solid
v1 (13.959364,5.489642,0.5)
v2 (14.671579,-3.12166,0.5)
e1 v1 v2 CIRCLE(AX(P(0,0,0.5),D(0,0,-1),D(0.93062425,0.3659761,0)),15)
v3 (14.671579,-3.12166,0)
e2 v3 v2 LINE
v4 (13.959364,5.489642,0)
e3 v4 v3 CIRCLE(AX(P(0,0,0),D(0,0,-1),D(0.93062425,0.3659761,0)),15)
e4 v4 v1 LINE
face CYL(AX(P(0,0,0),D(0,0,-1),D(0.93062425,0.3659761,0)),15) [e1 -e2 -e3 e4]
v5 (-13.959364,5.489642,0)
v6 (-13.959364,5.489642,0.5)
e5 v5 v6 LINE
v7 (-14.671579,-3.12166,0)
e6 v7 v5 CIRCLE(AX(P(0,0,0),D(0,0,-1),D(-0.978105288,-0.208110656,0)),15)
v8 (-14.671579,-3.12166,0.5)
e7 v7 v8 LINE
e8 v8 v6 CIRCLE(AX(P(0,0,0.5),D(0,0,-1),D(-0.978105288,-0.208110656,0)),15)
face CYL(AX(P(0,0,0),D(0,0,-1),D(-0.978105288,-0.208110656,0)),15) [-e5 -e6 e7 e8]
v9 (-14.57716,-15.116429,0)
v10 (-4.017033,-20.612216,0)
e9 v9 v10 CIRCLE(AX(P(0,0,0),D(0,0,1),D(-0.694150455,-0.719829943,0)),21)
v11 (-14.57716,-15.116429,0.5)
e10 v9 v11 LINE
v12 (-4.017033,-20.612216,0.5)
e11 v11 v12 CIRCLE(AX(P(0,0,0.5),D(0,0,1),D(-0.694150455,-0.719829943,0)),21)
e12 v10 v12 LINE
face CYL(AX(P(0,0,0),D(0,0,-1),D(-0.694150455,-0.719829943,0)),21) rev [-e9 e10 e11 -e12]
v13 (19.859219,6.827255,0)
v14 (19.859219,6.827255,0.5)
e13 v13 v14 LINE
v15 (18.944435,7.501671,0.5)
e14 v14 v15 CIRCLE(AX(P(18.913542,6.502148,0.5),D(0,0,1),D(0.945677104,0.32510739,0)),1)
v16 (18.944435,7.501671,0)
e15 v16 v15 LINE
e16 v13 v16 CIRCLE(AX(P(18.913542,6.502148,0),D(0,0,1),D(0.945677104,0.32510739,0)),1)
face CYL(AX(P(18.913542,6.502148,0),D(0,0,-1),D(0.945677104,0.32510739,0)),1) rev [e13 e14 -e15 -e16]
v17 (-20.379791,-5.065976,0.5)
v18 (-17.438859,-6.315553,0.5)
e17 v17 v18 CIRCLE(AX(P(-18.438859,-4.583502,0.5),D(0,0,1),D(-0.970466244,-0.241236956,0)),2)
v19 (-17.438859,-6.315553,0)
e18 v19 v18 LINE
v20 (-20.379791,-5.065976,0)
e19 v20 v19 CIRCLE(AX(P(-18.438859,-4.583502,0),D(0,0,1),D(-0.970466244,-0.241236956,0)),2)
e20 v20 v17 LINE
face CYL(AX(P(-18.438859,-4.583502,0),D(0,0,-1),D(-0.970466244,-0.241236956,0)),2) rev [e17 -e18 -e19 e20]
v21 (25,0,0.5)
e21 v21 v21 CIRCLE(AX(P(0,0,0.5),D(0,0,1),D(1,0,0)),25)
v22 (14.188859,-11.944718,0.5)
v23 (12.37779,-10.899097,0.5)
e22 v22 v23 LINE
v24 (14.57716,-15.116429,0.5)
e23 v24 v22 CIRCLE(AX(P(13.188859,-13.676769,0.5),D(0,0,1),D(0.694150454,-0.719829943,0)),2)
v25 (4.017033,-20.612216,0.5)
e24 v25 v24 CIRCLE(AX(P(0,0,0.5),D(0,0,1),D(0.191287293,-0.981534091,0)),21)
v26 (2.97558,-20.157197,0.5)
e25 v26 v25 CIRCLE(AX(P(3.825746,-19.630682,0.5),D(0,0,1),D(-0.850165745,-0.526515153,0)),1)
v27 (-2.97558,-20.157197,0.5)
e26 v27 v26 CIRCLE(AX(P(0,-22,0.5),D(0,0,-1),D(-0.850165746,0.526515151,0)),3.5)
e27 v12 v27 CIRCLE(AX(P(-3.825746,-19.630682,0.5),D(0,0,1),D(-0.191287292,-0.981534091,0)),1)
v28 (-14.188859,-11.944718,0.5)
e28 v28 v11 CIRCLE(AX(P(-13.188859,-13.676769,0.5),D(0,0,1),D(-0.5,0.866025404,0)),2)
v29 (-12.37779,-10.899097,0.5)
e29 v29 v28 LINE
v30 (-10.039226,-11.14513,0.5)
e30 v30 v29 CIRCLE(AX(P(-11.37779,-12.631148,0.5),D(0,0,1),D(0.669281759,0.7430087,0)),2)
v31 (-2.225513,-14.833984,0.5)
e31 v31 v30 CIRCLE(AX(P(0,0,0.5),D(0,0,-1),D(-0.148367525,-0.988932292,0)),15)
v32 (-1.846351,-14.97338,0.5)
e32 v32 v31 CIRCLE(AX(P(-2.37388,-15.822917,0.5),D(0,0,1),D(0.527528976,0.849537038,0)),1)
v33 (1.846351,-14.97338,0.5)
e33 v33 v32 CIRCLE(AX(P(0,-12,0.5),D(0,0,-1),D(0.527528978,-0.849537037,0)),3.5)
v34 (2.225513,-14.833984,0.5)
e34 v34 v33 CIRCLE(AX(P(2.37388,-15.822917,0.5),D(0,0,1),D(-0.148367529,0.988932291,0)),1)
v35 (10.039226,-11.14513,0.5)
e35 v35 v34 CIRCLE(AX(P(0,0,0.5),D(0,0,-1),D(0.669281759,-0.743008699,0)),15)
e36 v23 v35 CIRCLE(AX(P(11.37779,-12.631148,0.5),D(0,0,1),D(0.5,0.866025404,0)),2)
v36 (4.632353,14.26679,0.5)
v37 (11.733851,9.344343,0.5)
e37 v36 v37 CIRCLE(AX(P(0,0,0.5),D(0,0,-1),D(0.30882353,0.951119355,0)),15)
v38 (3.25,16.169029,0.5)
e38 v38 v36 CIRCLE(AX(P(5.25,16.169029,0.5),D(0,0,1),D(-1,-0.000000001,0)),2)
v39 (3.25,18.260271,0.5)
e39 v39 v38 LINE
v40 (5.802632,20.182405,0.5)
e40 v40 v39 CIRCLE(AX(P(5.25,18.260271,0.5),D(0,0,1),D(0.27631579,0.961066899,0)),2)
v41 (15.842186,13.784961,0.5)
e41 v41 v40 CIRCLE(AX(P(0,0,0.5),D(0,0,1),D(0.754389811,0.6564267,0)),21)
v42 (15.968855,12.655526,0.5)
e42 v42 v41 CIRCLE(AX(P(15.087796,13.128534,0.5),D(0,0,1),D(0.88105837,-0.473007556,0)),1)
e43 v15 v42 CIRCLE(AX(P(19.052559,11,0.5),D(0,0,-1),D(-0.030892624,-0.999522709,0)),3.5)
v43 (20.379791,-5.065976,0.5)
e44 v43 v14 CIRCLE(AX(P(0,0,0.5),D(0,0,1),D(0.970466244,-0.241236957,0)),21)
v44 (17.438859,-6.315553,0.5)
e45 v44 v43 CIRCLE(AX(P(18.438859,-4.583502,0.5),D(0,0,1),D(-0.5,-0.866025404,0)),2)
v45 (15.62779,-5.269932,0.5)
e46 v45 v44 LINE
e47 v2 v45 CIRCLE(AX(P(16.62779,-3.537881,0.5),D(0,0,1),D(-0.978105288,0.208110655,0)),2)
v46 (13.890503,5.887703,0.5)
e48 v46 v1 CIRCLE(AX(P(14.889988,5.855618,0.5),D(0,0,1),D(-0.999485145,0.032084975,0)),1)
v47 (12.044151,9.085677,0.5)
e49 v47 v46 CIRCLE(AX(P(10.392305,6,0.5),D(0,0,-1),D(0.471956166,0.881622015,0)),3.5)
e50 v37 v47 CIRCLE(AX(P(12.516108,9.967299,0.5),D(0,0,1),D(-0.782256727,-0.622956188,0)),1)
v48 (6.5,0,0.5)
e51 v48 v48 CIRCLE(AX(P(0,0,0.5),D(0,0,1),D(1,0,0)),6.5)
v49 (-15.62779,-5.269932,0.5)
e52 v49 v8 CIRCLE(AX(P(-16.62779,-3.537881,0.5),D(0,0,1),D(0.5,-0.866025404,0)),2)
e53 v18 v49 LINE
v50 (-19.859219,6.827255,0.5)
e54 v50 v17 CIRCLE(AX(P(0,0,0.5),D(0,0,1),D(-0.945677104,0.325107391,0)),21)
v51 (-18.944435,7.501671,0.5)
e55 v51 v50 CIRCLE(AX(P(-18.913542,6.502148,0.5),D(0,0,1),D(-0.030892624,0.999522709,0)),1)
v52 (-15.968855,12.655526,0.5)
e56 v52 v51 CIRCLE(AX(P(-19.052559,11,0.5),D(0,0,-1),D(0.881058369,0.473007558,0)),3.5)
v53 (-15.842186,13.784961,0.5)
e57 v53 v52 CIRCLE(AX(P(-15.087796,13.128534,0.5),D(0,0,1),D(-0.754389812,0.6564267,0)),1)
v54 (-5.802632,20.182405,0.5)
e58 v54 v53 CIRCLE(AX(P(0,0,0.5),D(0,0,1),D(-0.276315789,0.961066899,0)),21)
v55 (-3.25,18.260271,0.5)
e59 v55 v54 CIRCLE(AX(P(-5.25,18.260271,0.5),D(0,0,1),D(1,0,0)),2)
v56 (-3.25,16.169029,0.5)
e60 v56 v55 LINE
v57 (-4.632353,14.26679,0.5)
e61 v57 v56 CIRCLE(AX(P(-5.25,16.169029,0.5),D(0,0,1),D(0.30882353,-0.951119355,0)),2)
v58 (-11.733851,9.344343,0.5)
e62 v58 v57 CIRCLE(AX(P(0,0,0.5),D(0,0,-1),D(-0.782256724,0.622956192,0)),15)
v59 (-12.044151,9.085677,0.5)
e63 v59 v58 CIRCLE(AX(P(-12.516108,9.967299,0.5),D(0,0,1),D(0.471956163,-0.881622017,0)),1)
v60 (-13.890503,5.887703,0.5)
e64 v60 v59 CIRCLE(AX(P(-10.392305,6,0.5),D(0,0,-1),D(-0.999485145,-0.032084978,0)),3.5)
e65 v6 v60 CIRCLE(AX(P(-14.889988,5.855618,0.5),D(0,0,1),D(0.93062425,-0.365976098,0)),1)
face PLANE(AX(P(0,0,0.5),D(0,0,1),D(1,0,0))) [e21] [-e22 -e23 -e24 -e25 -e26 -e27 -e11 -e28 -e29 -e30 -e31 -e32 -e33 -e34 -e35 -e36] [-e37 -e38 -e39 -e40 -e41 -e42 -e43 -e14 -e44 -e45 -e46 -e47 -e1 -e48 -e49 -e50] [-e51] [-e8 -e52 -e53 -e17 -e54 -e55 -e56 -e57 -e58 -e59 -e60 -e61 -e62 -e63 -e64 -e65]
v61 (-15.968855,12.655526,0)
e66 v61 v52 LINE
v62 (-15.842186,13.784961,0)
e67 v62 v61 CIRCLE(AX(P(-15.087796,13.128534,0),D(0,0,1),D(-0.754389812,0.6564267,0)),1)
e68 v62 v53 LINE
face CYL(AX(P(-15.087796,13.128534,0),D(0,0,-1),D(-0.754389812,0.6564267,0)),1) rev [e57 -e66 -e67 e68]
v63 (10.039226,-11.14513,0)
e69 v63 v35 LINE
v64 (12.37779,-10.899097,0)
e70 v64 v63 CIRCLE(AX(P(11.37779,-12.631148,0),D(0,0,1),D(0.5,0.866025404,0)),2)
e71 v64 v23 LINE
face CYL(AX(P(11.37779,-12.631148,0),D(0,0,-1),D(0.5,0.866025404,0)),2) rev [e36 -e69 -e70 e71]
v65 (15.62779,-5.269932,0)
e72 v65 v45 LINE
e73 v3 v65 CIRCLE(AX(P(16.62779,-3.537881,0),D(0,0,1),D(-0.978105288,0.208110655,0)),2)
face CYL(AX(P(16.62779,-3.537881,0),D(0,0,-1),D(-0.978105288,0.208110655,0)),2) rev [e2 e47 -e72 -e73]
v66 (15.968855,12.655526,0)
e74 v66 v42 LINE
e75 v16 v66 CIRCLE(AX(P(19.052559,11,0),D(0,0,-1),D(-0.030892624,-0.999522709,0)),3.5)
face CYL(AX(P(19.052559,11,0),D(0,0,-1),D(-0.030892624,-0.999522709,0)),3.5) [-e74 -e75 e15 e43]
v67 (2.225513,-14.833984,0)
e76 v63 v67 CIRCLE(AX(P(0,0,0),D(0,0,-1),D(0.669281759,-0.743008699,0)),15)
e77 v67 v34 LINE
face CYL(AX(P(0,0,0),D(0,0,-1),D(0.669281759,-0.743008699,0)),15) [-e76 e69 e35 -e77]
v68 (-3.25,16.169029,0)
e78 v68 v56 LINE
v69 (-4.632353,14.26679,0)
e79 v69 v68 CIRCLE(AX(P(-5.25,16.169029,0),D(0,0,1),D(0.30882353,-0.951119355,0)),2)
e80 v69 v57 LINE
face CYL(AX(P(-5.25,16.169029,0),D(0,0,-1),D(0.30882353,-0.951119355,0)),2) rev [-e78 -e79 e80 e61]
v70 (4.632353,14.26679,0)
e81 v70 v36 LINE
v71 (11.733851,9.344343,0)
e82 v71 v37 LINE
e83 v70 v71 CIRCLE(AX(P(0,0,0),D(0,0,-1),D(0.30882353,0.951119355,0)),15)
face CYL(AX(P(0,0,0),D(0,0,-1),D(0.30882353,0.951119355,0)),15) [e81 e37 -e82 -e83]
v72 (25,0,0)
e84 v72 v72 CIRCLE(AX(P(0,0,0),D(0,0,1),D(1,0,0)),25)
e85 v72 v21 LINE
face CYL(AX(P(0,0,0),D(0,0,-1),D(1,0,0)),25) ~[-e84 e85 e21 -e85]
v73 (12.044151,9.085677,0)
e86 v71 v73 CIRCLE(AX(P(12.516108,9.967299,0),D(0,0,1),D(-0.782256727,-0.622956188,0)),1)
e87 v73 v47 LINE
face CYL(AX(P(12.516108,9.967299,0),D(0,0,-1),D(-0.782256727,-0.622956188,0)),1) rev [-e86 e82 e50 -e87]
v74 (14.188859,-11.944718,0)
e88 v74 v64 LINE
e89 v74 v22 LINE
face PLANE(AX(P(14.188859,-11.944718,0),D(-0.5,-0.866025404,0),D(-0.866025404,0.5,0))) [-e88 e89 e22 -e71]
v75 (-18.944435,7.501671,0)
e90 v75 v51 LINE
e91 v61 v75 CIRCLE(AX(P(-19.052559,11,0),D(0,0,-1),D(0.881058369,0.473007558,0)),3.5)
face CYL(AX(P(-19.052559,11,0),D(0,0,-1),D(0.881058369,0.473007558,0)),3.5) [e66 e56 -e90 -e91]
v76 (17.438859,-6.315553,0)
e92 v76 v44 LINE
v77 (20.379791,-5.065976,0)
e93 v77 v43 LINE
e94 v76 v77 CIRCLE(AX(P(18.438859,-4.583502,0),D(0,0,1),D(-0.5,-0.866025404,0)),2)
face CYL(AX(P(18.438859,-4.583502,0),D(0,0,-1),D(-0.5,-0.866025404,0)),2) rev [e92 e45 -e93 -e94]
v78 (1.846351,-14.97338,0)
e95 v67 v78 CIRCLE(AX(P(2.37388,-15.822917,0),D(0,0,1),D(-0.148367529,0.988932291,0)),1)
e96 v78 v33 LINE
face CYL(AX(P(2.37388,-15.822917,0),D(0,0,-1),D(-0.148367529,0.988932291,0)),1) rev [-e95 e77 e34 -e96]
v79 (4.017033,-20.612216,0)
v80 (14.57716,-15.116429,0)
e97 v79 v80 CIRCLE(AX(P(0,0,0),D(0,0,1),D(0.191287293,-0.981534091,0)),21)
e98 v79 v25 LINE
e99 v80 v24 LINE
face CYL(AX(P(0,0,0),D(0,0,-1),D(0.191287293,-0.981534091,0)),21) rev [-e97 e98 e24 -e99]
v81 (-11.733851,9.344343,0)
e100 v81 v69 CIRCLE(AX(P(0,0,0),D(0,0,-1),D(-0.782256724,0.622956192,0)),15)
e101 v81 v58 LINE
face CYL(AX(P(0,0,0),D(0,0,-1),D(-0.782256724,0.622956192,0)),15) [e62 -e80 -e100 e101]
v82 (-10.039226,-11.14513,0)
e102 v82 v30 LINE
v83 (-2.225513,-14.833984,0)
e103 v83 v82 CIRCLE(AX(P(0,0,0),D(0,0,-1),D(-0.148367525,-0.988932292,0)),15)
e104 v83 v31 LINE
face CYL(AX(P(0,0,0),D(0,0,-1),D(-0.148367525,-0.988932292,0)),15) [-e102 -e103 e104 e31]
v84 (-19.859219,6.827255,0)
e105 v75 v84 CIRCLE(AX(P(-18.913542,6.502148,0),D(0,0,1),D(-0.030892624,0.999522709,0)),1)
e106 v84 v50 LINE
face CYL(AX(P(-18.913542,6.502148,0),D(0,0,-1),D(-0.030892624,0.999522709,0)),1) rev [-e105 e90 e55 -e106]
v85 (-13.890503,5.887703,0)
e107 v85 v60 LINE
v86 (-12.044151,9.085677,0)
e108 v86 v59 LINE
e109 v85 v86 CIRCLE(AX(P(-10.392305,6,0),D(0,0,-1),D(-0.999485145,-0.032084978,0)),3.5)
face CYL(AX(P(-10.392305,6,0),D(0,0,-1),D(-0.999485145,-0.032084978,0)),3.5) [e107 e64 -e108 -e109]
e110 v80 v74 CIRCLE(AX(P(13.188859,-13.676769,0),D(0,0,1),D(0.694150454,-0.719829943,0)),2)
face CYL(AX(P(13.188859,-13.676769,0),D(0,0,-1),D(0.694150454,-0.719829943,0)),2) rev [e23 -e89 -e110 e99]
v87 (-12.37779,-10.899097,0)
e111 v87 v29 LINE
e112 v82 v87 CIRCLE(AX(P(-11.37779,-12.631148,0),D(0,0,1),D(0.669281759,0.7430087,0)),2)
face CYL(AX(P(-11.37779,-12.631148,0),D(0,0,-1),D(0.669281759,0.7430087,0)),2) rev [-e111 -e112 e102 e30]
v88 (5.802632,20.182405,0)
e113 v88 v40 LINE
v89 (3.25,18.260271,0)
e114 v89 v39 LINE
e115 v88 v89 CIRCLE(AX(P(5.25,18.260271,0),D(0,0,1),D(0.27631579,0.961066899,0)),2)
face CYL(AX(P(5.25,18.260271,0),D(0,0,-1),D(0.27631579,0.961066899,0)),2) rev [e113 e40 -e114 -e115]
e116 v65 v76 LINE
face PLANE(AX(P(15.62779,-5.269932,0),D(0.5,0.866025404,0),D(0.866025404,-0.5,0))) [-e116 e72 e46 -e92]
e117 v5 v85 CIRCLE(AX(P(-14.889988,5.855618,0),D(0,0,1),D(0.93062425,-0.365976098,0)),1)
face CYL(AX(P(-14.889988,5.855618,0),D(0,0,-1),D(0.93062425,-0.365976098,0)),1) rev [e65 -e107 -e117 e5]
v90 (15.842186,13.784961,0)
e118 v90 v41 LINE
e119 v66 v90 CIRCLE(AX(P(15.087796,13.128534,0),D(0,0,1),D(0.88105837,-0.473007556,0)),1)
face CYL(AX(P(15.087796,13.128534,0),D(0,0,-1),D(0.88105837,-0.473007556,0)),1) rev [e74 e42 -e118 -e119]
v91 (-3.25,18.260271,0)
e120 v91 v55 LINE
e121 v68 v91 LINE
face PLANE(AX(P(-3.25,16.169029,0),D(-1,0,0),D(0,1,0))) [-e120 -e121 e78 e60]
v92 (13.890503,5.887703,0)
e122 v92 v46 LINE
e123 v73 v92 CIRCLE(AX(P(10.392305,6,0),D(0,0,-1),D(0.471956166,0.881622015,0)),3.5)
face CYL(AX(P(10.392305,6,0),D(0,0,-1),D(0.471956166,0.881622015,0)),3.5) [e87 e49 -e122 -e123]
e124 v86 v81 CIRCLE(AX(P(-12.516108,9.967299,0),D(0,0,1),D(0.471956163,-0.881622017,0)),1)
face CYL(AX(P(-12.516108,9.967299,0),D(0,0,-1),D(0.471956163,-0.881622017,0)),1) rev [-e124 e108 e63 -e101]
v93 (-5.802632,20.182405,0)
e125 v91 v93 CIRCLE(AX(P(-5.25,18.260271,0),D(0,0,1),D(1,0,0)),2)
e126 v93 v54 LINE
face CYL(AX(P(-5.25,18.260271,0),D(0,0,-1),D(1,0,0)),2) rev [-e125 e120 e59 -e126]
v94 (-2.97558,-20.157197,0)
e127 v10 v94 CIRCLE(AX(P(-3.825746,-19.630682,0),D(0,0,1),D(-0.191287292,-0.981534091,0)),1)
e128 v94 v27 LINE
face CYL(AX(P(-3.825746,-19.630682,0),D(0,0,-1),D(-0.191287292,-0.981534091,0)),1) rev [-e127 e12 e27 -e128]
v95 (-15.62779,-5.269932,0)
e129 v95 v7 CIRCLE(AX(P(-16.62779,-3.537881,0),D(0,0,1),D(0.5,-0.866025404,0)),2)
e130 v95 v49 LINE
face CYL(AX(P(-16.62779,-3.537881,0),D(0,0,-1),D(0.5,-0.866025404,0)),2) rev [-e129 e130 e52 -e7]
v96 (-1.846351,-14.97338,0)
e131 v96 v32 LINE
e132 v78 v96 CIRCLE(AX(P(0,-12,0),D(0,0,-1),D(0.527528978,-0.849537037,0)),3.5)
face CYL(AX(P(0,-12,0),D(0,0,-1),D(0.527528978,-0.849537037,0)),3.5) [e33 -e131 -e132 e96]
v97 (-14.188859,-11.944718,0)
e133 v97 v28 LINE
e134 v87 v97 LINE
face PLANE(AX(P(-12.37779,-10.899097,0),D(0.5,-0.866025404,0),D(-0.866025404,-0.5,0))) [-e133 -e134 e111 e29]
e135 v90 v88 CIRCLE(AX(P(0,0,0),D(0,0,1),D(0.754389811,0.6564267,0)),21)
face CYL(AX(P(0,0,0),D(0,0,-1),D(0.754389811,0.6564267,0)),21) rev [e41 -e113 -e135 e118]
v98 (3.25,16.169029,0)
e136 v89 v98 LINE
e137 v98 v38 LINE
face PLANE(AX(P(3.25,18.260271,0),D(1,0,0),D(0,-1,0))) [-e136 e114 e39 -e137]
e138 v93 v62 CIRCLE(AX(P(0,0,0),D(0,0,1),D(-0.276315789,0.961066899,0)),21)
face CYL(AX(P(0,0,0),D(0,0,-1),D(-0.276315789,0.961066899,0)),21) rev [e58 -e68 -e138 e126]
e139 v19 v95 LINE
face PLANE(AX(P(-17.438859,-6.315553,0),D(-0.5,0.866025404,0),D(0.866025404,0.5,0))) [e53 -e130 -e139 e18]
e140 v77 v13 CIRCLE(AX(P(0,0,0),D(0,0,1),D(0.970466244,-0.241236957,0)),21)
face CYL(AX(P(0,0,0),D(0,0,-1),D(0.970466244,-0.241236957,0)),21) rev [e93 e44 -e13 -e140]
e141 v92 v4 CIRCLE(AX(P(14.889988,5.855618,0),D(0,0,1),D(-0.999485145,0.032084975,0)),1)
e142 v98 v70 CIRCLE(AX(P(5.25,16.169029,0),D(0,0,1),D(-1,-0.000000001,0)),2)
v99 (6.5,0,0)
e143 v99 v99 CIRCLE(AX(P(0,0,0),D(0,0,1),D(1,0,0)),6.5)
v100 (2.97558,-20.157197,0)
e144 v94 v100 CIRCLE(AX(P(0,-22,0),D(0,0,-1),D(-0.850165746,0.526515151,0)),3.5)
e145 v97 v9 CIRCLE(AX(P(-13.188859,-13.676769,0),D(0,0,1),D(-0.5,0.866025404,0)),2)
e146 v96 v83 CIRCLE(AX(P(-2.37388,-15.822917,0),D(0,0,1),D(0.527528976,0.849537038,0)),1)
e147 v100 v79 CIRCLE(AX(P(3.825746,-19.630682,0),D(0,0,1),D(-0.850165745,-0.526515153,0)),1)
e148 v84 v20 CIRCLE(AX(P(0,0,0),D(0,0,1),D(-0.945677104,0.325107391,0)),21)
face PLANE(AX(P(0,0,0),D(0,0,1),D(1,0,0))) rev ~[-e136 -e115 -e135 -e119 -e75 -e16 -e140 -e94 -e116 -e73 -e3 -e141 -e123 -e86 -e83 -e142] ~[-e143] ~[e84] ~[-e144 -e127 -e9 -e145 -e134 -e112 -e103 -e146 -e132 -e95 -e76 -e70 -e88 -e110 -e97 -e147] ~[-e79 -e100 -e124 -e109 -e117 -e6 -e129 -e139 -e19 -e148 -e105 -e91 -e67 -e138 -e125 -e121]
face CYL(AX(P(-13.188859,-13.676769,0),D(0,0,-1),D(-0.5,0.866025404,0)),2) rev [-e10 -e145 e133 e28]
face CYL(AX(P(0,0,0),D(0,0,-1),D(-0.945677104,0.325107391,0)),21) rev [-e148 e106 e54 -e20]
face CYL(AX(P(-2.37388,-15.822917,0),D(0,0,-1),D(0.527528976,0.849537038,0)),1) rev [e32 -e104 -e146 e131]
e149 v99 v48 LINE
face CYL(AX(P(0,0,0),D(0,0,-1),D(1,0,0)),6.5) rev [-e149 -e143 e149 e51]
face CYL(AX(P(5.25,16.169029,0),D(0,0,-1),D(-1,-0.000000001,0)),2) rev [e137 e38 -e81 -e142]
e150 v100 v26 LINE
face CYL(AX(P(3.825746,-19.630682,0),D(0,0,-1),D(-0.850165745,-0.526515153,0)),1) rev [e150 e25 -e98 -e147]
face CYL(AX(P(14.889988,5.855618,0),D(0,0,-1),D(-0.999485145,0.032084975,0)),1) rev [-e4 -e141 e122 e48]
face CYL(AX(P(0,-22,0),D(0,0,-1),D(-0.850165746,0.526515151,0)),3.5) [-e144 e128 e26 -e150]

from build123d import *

# Parameters (mm, degrees)
ESQUISSE1_R          = 25
ESQUISSE1_R_2        = 6.5
BASE_EXTRUSION_DEPTH = 0.5


with BuildPart() as part:
    # Esquisse1 → Base-Extrusion (new body)
    with BuildSketch(Plane.XY):
        Circle(ESQUISSE1_R)
        Circle(ESQUISSE1_R_2, mode=Mode.SUBTRACT)
        with BuildLine():
            Line((15.627789901, -5.269931956), (17.438858637, -6.315552979))
            ThreePointArc((17.438858637, -6.315552979), (19.22097058, -6.424235968), (20.379791125, -5.065976084))
            ThreePointArc((20.379791125, -5.065976084), (20.979912421, 0.918299961), (19.85921918, 6.8272552))
            ThreePointArc((19.85921918, 6.8272552), (19.506948441, 7.307050839), (18.9444347, 7.501670519))
            ThreePointArc((18.9444347, 7.501670519), (16.02146997, 9.25), (15.96885459, 12.655526451))
            ThreePointArc((15.96885459, 12.655526451), (16.081565873, 13.239987481), (15.842186031, 13.784960709))
            ThreePointArc((15.842186031, 13.784960709), (11.285227305, 17.709987145), (5.802631579, 20.18240488))
            ThreePointArc((5.802631579, 20.18240488), (4.046933742, 19.857966791), (3.25, 18.260271082))
            Line((3.25, 18.260271082), (3.25, 16.169029037))
            ThreePointArc((3.25, 16.169029037), (3.632085584, 14.993293973), (4.632352941, 14.266790327))
            ThreePointArc((4.632352941, 14.266790327), (8.545219659, 12.327985276), (11.73385087, 9.344342875))
            ThreePointArc((11.73385087, 9.344342875), (11.875803373, 9.199177654), (12.044151428, 9.085677052))
            ThreePointArc((12.044151428, 9.085677052), (13.423393759, 7.75), (13.890502851, 5.887702578))
            ThreePointArc((13.890502851, 5.887702578), (13.904623229, 5.685158584), (13.959363746, 5.4896415))
            ThreePointArc((13.959363746, 5.4896415), (14.948958256, 1.236384668), (14.671579324, -3.121659837))
            ThreePointArc((14.671579324, -3.121659837), (14.800616259, -4.351168602), (15.627789901, -5.269931956))
        make_face(mode=Mode.SUBTRACT)
        with BuildLine():
            Line((-12.377789901, -10.899097081), (-14.188858637, -11.944718103))
            ThreePointArc((-14.188858637, -11.944718103), (-15.174036838, -13.433730824), (-14.577159546, -15.116428796))
            ThreePointArc((-14.577159546, -15.116428796), (-9.694685116, -18.628287106), (-4.017033149, -20.612215909))
            ThreePointArc((-4.017033149, -20.612215909), (-3.425382567, -20.547038319), (-2.97558011, -20.15719697))
            ThreePointArc((-2.97558011, -20.15719697), (0, -18.5), (2.97558011, -20.15719697))
            ThreePointArc((2.97558011, -20.15719697), (3.425382567, -20.547038319), (4.017033149, -20.612215909))
            ThreePointArc((4.017033149, -20.612215909), (9.694685116, -18.628287106), (14.577159546, -15.116428796))
            ThreePointArc((14.577159546, -15.116428796), (15.174036838, -13.433730824), (14.188858637, -11.944718103))
            Line((14.188858637, -11.944718103), (12.377789901, -10.899097081))
            ThreePointArc((12.377789901, -10.899097081), (11.168530675, -10.642125371), (10.039226383, -11.14513049))
            ThreePointArc((10.039226383, -11.14513049), (6.403738597, -13.564369944), (2.225512876, -14.833984375))
            ThreePointArc((2.225512876, -14.833984375), (2.028819856, -14.884336239), (1.846351423, -14.97337963))
            ThreePointArc((1.846351423, -14.97337963), (0, -15.5), (-1.846351423, -14.97337963))
            ThreePointArc((-1.846351423, -14.97337963), (-2.028819856, -14.884336239), (-2.225512876, -14.833984375))
            ThreePointArc((-2.225512876, -14.833984375), (-6.403738597, -13.564369944), (-10.039226383, -11.14513049))
            ThreePointArc((-10.039226383, -11.14513049), (-11.168530675, -10.642125371), (-12.377789901, -10.899097081))
        make_face(mode=Mode.SUBTRACT)
        with BuildLine():
            Line((-3.25, 16.169029037), (-3.25, 18.260271082))
            ThreePointArc((-3.25, 18.260271082), (-4.046933742, 19.857966791), (-5.802631579, 20.18240488))
            ThreePointArc((-5.802631579, 20.18240488), (-11.285227305, 17.709987145), (-15.842186031, 13.784960709))
            ThreePointArc((-15.842186031, 13.784960709), (-16.081565873, 13.239987481), (-15.96885459, 12.655526451))
            ThreePointArc((-15.96885459, 12.655526451), (-16.02146997, 9.25), (-18.9444347, 7.501670519))
            ThreePointArc((-18.9444347, 7.501670519), (-19.506948441, 7.307050839), (-19.85921918, 6.8272552))
            ThreePointArc((-19.85921918, 6.8272552), (-20.979912421, 0.918299961), (-20.379791125, -5.065976084))
            ThreePointArc((-20.379791125, -5.065976084), (-19.22097058, -6.424235968), (-17.438858637, -6.315552979))
            Line((-17.438858637, -6.315552979), (-15.627789901, -5.269931956))
            ThreePointArc((-15.627789901, -5.269931956), (-14.800616259, -4.351168602), (-14.671579324, -3.121659837))
            ThreePointArc((-14.671579324, -3.121659837), (-14.948958256, 1.236384668), (-13.959363746, 5.4896415))
            ThreePointArc((-13.959363746, 5.4896415), (-13.904623229, 5.685158584), (-13.890502851, 5.887702578))
            ThreePointArc((-13.890502851, 5.887702578), (-13.423393759, 7.75), (-12.044151428, 9.085677052))
            ThreePointArc((-12.044151428, 9.085677052), (-11.875803373, 9.199177654), (-11.73385087, 9.344342875))
            ThreePointArc((-11.73385087, 9.344342875), (-8.545219659, 12.327985276), (-4.632352941, 14.266790327))
            ThreePointArc((-4.632352941, 14.266790327), (-3.632085584, 14.993293973), (-3.25, 16.169029037))
        make_face(mode=Mode.SUBTRACT)
    extrude(amount=BASE_EXTRUSION_DEPTH)


solid = part.part
